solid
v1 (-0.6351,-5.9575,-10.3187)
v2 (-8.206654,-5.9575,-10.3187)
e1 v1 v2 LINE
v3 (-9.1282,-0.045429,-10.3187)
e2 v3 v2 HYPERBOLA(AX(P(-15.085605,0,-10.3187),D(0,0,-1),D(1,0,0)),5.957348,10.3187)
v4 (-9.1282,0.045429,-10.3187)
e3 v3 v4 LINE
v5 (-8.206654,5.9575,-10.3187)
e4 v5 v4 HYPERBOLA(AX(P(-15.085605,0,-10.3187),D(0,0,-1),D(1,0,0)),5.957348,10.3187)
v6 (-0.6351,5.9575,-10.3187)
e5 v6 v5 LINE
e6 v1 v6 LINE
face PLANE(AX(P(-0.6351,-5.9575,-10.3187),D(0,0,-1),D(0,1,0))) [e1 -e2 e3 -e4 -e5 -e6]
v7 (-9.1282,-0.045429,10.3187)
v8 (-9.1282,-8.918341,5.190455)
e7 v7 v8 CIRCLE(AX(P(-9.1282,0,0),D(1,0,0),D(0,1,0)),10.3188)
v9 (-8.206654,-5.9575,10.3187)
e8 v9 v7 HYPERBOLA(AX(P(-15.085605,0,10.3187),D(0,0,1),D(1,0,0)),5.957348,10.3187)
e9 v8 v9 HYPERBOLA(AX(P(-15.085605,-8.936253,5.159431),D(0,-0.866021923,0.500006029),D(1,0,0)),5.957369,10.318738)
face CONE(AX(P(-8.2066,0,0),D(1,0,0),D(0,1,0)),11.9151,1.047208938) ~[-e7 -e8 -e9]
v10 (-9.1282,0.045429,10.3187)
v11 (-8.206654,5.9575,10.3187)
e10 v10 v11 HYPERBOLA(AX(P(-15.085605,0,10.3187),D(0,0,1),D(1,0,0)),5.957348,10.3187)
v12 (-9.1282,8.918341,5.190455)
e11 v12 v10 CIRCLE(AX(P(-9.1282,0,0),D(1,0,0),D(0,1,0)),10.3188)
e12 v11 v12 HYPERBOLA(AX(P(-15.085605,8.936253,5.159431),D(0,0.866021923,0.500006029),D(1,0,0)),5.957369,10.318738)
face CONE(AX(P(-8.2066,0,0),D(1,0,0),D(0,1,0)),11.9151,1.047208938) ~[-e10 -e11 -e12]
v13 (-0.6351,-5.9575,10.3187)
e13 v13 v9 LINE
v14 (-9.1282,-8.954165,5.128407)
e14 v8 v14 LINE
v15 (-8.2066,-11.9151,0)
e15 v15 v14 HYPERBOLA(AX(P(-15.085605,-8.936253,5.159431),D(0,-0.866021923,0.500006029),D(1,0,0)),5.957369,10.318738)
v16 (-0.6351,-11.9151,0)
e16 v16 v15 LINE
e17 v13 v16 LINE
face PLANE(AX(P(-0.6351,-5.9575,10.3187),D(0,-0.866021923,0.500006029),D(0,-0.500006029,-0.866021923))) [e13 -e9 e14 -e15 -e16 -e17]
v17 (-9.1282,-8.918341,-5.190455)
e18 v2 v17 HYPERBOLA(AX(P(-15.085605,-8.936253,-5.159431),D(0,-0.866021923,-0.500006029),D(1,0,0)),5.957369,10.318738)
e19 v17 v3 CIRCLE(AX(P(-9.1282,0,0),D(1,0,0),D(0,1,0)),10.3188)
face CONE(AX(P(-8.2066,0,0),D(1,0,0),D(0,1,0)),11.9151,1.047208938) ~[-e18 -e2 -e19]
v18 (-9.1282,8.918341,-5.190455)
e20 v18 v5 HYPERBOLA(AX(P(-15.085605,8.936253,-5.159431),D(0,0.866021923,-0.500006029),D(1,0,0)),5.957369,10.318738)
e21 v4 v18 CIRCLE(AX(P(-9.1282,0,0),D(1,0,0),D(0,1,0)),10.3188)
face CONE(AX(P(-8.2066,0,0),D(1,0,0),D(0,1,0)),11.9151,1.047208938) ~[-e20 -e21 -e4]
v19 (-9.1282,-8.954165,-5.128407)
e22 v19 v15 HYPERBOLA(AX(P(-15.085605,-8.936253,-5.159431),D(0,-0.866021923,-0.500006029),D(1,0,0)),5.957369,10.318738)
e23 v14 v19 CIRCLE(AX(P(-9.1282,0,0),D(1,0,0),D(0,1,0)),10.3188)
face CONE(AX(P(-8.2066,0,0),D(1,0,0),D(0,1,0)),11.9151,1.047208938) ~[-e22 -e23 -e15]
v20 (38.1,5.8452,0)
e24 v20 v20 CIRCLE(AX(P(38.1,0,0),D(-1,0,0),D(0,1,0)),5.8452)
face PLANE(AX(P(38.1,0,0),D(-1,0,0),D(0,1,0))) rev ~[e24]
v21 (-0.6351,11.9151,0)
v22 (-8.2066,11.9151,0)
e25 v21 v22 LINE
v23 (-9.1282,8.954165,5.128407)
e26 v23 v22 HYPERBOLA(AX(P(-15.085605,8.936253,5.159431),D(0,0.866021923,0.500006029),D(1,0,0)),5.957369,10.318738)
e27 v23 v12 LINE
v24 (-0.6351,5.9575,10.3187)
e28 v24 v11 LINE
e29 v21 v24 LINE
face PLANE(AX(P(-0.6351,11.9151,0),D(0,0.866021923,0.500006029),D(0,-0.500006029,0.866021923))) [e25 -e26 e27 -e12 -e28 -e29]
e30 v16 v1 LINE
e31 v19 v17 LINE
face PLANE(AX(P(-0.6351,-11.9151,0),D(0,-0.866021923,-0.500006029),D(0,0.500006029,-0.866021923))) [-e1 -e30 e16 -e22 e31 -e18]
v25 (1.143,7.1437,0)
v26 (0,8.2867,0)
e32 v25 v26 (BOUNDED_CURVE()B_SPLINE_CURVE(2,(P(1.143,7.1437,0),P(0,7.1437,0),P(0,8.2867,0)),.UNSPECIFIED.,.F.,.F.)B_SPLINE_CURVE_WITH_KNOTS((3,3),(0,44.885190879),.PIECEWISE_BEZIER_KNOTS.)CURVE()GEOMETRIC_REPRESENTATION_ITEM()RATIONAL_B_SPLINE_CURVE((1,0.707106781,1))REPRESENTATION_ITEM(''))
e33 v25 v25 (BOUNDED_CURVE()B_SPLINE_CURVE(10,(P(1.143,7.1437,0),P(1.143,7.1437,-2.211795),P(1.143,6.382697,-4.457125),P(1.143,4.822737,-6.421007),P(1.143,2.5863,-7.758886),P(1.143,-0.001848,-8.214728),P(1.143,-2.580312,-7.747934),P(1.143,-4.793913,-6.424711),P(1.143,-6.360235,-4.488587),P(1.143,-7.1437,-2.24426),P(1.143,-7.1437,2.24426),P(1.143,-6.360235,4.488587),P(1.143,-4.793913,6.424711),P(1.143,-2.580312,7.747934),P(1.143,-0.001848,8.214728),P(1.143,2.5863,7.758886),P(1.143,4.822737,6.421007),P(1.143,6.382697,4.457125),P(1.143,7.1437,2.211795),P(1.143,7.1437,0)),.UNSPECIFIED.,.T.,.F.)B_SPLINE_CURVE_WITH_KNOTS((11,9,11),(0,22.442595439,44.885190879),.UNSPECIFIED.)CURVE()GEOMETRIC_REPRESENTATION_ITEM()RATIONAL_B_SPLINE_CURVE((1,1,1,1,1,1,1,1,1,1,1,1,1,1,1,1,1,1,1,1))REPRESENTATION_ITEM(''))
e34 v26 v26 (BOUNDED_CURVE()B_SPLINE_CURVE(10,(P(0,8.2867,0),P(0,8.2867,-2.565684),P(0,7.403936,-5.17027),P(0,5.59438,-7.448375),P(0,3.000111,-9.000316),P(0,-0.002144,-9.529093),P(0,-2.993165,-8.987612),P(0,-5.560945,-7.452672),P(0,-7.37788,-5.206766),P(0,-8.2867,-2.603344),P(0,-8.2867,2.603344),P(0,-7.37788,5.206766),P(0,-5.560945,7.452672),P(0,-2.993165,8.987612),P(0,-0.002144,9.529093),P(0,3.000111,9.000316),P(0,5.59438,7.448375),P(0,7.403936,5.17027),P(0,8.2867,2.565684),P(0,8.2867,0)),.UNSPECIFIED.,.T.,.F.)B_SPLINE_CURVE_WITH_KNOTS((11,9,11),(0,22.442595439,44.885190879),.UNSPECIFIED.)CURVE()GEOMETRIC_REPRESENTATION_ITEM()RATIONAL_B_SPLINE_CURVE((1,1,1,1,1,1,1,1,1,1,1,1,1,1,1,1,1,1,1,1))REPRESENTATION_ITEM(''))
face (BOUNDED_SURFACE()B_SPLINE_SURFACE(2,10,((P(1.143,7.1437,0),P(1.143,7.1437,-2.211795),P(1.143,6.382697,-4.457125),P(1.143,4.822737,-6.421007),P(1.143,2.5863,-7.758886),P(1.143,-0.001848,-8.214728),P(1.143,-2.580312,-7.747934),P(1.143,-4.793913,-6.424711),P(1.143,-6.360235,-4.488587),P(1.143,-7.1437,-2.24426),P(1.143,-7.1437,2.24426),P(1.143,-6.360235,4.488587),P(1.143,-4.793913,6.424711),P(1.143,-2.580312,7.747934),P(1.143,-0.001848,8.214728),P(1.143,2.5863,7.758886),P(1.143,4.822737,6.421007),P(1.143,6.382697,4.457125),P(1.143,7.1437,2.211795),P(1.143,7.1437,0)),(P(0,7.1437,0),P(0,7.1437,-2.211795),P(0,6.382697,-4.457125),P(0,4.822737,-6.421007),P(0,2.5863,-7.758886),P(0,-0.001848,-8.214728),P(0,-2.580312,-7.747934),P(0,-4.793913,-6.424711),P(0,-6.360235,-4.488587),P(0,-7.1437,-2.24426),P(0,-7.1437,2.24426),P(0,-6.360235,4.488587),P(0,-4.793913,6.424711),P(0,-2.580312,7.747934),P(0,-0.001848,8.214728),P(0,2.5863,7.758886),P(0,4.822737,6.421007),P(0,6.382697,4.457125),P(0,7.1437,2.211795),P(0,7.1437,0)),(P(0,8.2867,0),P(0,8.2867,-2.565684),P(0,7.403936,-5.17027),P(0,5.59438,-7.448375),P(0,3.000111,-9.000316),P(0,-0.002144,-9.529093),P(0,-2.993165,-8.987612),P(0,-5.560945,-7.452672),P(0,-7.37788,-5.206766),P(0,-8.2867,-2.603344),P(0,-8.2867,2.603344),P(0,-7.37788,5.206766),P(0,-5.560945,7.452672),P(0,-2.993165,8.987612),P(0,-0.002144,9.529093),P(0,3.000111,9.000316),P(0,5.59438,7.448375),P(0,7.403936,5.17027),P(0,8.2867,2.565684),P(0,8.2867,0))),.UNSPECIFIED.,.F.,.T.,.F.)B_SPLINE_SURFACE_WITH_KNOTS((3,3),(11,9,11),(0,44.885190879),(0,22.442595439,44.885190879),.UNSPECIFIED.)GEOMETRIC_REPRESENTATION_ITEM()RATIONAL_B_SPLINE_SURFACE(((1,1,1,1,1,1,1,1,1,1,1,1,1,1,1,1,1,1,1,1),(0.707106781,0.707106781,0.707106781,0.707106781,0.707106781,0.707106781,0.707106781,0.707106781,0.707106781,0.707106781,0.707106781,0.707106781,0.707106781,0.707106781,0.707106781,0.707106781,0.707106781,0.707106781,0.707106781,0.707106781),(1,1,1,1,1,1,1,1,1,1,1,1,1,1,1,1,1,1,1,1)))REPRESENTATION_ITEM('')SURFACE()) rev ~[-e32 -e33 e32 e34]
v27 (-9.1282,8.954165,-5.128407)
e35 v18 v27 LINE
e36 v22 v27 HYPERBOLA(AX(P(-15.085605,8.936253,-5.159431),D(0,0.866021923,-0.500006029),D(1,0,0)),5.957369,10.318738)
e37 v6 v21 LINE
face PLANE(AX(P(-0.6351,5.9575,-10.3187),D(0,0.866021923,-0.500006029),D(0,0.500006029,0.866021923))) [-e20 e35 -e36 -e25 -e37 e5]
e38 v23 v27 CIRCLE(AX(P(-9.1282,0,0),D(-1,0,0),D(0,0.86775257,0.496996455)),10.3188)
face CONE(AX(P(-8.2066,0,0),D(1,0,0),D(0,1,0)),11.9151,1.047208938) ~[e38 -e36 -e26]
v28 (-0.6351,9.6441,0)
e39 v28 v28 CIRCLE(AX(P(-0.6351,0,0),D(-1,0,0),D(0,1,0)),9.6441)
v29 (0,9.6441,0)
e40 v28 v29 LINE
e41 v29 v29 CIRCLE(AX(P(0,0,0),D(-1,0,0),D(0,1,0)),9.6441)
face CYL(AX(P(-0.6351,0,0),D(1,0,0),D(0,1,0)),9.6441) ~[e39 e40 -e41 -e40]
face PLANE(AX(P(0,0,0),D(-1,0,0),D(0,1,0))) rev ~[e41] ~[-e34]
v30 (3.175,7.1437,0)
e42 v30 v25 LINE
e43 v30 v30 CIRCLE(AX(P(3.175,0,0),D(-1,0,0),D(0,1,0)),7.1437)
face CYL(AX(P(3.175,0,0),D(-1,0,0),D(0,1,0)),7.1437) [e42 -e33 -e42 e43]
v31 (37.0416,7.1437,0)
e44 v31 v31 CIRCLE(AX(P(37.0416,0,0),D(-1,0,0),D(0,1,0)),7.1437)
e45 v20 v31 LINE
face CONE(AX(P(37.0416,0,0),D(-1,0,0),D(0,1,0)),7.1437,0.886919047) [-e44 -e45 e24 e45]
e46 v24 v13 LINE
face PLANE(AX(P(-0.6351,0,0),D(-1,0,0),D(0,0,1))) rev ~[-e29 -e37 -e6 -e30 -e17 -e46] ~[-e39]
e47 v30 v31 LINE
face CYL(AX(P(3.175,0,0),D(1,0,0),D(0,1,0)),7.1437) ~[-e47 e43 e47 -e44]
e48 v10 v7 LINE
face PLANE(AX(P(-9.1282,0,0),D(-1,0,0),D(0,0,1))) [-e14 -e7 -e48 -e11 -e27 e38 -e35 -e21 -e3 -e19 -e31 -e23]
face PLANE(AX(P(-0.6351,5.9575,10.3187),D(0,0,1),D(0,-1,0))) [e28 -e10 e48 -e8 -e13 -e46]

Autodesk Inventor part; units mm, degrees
ref_plane "YZ Plane" through (0, 0, 0) normal (1, 0, 0) x (0, 1, 0)
ref_plane "XZ Plane" through (0, 0, 0) normal (0, 1, 0) x (-1, 0, 0)
sketch "Sketch1" plane through (0, 0, 0) normal (0, 0, 1) x (1, 0, 0)
  line L0 (0, 9.6441) -> (0, 7.1437)
  line L1 (3.175, 7.1437) -> (38.1, 7.1438)
  line L2 (38.1, 7.1438) -> (38.1, 0)
  line L3 (38.1, 0) -> (-0.6351, 0)
  line L4 (-8.3821, 0) -> (45.847, 0) projected
  line L5 (-0.6351, 0) -> (-0.6351, 9.6441)
  line L6 (-0.6351, 9.6441) -> (0, 9.6441)
  line L7 (3.175, 7.1437) -> (1.0582, 7.1437)
  line L8 (1.0582, 7.1437) -> (0, 7.1437)
  line L9 (0, -1.9288) -> (0, 11.5729) projected
  dimension "d0" = 38.1
  dimension "d1" = 34.925
  dimension "d2" = 14.2875
  dimension "d9" = 0.6351
  dimension "d10" = 19.2881
  dimension "d13" = 2.1168
  dimension "d14" = 14.2875
revolve "Body" add sketch "Sketch1" angle 360 about axis through (38.1, 0, 0) along (-1, 0, 0)
sketch "Sketch2" plane through (-0.6351, 0, 0) normal (-1, 0, 0) x (0, 0, 1)
  line L0 (0, 11.9151) -> (10.3187, 5.9575)
  line L1 (10.3187, 5.9575) -> (10.3187, -5.9575)
  line L2 (10.3187, -5.9575) -> (0, -11.9151)
  line L3 (0, -11.9151) -> (-10.3187, -5.9575)
  line L4 (-10.3187, -5.9575) -> (-10.3187, 5.9575)
  line L5 (-10.3187, 5.9575) -> (0, 11.9151)
  point P0 (0, 0)
  point P1 (0, 0)
  dimension "d11" = 20.6375
extrude "Head" add sketch "Sketch2" along normal blind 8.4931
sketch "Sketch4" plane through (0, 0, 0) normal (0, 0, 1) x (1, 0, 0)
  line L0 (-9.1282, 10.3188) -> (-9.1282, 11.9151)
  line L1 (-9.1282, 11.9151) -> (-8.2066, 11.9151)
  line L2 (-8.2066, 11.9151) -> (-9.1282, 10.3188)
  line L3 (-10.8269, 0) -> (1.0635, 0) projected
  line L4 (-0.6351, 11.9151) -> (-9.1282, 11.9151) projected
  line L5 (-9.1282, 5.9575) -> (-9.1282, 11.9151) projected
  dimension "d5" = 30
  dimension "d19" = 20.6375
revolve "Chamfer1" cut sketch "Sketch4" angle 360 about axis through (-10, 0, 0) along (1, 0, 0)
thread "Thread" size "9/16-12 UNC" class "2A" standard "ANSI Unified Screw Threads" length 34.925
chamfer "Chamfer2" distance 1.2985 distance2 1.0584 1 edges at (38.1, -7.1437, 0) measured on face at (38.1, -1.2527, -0.5699)
ref_plane "Work Plane1" through (1.525, 0, 0) normal (0, 0, 1) x (1, 0, 0)
fillet "Fillet2" radius 1.143 1 edges at (0, -7.1437, 0)
equation "\"d0\" = NLG"
equation "\"d1\" = GEL"
equation "\"d2\" = GD"
equation "\"d10\" = SD2"
equation "\"d14\" = BDM"
equation "\"d11\" = SW"
equation "\"d3\" = KOH - SD"
equation "\"d5\" = ANG1"
equation "\"d19\" = SW0"
equation "\"d63\" = R"
equation "\"d15\" = GEL"
equation "\"d6\" = -0.5 * SPD + 0.5 * GD"
equation "\"NLG\" = 38.1"
equation "\"GD\" = NND"
equation "\"BDM\" = 14.2875"
equation "\"KOH\" = 9.12813"
equation "\"GEL\" = 34.925"
equation "\"SW\" = 20.6375"
equation "\"SW0\" = SW"
equation "\"SPD\" = 11.69055"
equation "\"SD2\" = 19.28813"
equation "\"SD\" = 0.635"
equation "\"ANG1\" = 30deg"
equation "\"GAL\" = 2.11667"
equation "\"GUL\" = 1.05833"
equation "\"R\" = 1.143"
equation "\"THREADDIA\" = 14.2875"
equation "\"TOA\" = 30deg"
equation "\"RR\" = 0.762"
equation "\"NND\" = 14.2875"
equation "\"E0\" = 1.155 * SW"
equation "\"SLG\" = 0"
equation "\"GD1\" = 11.69055"
properties part number "ANSI B18.2.1 - 9/16-12 UNC - 1.5, HCSI" material "Steel, Mild"
